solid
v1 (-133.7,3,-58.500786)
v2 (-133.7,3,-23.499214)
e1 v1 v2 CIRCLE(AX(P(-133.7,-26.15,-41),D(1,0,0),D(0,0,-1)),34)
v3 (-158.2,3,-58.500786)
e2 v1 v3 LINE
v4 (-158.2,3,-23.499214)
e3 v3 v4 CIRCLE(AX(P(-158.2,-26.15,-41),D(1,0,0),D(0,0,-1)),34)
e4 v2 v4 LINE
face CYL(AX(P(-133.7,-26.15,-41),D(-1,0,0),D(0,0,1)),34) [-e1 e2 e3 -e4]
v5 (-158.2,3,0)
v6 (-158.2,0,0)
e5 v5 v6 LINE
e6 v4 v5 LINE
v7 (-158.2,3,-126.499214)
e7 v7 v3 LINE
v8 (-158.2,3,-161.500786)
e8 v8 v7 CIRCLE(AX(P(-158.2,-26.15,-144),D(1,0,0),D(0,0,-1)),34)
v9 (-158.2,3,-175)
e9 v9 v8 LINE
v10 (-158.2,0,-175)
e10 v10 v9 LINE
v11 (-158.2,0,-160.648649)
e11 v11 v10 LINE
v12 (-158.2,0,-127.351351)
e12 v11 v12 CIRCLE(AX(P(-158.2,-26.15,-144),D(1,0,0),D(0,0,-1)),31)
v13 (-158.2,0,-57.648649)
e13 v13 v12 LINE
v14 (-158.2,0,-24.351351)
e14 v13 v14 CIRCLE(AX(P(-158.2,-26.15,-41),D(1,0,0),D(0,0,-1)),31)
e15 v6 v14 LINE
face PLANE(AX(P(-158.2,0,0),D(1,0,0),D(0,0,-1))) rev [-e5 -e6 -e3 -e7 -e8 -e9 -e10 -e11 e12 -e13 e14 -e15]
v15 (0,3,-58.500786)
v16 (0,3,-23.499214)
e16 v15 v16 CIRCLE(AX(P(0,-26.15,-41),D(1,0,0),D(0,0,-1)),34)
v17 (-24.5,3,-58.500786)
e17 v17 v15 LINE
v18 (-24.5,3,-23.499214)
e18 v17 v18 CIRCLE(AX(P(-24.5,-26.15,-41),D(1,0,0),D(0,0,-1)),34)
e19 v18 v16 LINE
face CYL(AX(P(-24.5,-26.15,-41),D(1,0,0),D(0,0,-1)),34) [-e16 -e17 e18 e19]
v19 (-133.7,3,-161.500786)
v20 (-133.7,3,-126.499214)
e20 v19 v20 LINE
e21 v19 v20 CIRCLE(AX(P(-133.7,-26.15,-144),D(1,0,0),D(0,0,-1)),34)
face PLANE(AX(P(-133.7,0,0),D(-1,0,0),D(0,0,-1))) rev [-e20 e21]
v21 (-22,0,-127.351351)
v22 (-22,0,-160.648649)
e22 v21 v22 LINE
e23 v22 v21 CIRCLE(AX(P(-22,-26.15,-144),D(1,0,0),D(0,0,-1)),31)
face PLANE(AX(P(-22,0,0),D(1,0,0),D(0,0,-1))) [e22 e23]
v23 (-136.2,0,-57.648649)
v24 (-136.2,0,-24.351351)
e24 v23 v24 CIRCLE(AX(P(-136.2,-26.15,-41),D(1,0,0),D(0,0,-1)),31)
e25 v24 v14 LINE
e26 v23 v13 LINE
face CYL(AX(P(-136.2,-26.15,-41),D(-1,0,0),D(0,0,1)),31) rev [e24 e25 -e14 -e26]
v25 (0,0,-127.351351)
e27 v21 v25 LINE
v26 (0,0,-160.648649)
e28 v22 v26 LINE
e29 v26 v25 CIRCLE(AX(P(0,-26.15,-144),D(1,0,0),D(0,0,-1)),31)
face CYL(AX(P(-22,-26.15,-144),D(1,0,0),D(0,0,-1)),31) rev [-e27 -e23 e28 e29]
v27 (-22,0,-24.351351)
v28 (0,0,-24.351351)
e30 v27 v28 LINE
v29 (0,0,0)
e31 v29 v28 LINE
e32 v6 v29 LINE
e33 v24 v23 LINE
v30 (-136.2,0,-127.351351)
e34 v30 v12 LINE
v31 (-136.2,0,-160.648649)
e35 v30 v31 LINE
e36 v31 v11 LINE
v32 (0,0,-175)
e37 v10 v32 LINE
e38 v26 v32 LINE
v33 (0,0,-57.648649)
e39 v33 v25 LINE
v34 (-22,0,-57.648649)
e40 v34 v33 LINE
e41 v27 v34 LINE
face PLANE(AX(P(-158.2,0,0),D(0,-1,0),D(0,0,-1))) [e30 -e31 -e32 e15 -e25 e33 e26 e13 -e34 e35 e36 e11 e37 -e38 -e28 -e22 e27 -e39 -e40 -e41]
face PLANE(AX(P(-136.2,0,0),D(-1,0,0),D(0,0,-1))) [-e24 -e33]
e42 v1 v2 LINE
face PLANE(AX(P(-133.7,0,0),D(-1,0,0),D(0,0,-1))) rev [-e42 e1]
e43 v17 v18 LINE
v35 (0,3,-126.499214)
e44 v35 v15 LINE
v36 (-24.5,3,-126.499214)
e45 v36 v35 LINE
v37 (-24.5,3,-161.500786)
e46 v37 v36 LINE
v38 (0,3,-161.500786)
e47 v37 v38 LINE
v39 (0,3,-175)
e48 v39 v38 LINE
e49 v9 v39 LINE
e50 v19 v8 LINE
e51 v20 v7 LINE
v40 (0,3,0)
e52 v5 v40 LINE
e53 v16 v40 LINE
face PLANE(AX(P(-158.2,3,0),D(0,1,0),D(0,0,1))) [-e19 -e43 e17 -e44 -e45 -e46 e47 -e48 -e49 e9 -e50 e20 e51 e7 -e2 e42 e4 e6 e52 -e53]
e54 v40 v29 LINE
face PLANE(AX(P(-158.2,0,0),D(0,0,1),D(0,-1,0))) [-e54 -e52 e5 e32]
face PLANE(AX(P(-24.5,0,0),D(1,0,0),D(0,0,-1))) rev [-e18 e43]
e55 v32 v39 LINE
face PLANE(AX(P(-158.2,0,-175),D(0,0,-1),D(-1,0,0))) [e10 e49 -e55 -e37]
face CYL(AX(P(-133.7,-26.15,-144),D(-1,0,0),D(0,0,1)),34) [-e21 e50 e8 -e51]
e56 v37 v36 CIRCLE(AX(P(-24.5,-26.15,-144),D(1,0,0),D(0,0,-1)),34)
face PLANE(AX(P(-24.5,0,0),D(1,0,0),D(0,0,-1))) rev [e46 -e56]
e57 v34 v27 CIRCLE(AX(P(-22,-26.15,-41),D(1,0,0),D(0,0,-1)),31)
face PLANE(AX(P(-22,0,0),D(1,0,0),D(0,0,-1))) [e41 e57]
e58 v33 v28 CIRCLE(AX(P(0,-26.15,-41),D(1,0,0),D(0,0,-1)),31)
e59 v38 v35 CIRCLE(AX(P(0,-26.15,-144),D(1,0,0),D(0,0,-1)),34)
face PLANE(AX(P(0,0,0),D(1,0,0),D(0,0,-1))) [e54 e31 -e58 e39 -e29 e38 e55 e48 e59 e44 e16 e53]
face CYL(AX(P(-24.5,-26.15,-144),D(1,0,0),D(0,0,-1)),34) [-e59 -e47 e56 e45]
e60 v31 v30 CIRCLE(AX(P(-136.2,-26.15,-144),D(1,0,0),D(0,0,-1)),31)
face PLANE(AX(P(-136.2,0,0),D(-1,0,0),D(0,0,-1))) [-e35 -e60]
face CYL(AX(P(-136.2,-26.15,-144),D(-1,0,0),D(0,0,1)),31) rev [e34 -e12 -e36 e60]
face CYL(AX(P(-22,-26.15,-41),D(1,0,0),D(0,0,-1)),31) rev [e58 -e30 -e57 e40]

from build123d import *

# Parameters (mm, degrees)
SKETCH2_W           = 175
SKETCH2_H           = 3
BOSS_EXTRUDE1_DEPTH = 158.2
BOSS_EXTRUDE2_DEPTH = 24.5
CUT_EXTRUDE1_DEPTH  = 22


with BuildPart() as part:
    # Sketch2 → Boss-Extrude1 (new body)
    with BuildSketch(Plane(origin=(0, 0, 0), x_dir=(0, 0, -1), z_dir=(1, 0, 0))):
        with Locations((87.5, 1.5)):
            Rectangle(SKETCH2_W, SKETCH2_H)
    extrude(amount=-BOSS_EXTRUDE1_DEPTH)

    # Sketch2<5> → Boss-Extrude2 (add)
    with BuildSketch(Plane(origin=(0, 0, 0), x_dir=(0, 0, -1), z_dir=(1, 0, 0))):
        with BuildLine():
            ThreePointArc((58.500785697, 3), (41, 7.85), (23.499214303, 3))
            Line((23.499214303, 3), (58.500785697, 3))
        make_face()
        with BuildLine():
            ThreePointArc((161.500785697, 3), (144, 7.85), (126.499214303, 3))
            Line((126.499214303, 3), (161.500785697, 3))
        make_face()
    boss_extrude2 = extrude(amount=-BOSS_EXTRUDE2_DEPTH)

    # Sketch2<7> → Cut-Extrude1 (cut)
    with BuildSketch(Plane(origin=(0, 0, 0), x_dir=(0, 0, -1), z_dir=(1, 0, 0))):
        with BuildLine():
            Line((24.351351406, 0), (57.648648594, 0))
            ThreePointArc((57.648648594, 0), (41, 4.85), (24.351351406, 0))
        make_face()
        with BuildLine():
            Line((127.351351406, 0), (160.648648594, 0))
            ThreePointArc((160.648648594, 0), (144, 4.85), (127.351351406, 0))
        make_face()
    cut_extrude1 = extrude(amount=-CUT_EXTRUDE1_DEPTH, mode=Mode.SUBTRACT)

    # Mirror1: Boss-Extrude2, Cut-Extrude1 across plane
    add(boss_extrude2.mirror(Plane(origin=(-79.1, 0, 0), x_dir=(0, 0, 1), z_dir=(1, 0, 0))))
    add(cut_extrude1.mirror(Plane(origin=(-79.1, 0, 0), x_dir=(0, 0, 1), z_dir=(1, 0, 0))), mode=Mode.SUBTRACT)


solid = part.part
